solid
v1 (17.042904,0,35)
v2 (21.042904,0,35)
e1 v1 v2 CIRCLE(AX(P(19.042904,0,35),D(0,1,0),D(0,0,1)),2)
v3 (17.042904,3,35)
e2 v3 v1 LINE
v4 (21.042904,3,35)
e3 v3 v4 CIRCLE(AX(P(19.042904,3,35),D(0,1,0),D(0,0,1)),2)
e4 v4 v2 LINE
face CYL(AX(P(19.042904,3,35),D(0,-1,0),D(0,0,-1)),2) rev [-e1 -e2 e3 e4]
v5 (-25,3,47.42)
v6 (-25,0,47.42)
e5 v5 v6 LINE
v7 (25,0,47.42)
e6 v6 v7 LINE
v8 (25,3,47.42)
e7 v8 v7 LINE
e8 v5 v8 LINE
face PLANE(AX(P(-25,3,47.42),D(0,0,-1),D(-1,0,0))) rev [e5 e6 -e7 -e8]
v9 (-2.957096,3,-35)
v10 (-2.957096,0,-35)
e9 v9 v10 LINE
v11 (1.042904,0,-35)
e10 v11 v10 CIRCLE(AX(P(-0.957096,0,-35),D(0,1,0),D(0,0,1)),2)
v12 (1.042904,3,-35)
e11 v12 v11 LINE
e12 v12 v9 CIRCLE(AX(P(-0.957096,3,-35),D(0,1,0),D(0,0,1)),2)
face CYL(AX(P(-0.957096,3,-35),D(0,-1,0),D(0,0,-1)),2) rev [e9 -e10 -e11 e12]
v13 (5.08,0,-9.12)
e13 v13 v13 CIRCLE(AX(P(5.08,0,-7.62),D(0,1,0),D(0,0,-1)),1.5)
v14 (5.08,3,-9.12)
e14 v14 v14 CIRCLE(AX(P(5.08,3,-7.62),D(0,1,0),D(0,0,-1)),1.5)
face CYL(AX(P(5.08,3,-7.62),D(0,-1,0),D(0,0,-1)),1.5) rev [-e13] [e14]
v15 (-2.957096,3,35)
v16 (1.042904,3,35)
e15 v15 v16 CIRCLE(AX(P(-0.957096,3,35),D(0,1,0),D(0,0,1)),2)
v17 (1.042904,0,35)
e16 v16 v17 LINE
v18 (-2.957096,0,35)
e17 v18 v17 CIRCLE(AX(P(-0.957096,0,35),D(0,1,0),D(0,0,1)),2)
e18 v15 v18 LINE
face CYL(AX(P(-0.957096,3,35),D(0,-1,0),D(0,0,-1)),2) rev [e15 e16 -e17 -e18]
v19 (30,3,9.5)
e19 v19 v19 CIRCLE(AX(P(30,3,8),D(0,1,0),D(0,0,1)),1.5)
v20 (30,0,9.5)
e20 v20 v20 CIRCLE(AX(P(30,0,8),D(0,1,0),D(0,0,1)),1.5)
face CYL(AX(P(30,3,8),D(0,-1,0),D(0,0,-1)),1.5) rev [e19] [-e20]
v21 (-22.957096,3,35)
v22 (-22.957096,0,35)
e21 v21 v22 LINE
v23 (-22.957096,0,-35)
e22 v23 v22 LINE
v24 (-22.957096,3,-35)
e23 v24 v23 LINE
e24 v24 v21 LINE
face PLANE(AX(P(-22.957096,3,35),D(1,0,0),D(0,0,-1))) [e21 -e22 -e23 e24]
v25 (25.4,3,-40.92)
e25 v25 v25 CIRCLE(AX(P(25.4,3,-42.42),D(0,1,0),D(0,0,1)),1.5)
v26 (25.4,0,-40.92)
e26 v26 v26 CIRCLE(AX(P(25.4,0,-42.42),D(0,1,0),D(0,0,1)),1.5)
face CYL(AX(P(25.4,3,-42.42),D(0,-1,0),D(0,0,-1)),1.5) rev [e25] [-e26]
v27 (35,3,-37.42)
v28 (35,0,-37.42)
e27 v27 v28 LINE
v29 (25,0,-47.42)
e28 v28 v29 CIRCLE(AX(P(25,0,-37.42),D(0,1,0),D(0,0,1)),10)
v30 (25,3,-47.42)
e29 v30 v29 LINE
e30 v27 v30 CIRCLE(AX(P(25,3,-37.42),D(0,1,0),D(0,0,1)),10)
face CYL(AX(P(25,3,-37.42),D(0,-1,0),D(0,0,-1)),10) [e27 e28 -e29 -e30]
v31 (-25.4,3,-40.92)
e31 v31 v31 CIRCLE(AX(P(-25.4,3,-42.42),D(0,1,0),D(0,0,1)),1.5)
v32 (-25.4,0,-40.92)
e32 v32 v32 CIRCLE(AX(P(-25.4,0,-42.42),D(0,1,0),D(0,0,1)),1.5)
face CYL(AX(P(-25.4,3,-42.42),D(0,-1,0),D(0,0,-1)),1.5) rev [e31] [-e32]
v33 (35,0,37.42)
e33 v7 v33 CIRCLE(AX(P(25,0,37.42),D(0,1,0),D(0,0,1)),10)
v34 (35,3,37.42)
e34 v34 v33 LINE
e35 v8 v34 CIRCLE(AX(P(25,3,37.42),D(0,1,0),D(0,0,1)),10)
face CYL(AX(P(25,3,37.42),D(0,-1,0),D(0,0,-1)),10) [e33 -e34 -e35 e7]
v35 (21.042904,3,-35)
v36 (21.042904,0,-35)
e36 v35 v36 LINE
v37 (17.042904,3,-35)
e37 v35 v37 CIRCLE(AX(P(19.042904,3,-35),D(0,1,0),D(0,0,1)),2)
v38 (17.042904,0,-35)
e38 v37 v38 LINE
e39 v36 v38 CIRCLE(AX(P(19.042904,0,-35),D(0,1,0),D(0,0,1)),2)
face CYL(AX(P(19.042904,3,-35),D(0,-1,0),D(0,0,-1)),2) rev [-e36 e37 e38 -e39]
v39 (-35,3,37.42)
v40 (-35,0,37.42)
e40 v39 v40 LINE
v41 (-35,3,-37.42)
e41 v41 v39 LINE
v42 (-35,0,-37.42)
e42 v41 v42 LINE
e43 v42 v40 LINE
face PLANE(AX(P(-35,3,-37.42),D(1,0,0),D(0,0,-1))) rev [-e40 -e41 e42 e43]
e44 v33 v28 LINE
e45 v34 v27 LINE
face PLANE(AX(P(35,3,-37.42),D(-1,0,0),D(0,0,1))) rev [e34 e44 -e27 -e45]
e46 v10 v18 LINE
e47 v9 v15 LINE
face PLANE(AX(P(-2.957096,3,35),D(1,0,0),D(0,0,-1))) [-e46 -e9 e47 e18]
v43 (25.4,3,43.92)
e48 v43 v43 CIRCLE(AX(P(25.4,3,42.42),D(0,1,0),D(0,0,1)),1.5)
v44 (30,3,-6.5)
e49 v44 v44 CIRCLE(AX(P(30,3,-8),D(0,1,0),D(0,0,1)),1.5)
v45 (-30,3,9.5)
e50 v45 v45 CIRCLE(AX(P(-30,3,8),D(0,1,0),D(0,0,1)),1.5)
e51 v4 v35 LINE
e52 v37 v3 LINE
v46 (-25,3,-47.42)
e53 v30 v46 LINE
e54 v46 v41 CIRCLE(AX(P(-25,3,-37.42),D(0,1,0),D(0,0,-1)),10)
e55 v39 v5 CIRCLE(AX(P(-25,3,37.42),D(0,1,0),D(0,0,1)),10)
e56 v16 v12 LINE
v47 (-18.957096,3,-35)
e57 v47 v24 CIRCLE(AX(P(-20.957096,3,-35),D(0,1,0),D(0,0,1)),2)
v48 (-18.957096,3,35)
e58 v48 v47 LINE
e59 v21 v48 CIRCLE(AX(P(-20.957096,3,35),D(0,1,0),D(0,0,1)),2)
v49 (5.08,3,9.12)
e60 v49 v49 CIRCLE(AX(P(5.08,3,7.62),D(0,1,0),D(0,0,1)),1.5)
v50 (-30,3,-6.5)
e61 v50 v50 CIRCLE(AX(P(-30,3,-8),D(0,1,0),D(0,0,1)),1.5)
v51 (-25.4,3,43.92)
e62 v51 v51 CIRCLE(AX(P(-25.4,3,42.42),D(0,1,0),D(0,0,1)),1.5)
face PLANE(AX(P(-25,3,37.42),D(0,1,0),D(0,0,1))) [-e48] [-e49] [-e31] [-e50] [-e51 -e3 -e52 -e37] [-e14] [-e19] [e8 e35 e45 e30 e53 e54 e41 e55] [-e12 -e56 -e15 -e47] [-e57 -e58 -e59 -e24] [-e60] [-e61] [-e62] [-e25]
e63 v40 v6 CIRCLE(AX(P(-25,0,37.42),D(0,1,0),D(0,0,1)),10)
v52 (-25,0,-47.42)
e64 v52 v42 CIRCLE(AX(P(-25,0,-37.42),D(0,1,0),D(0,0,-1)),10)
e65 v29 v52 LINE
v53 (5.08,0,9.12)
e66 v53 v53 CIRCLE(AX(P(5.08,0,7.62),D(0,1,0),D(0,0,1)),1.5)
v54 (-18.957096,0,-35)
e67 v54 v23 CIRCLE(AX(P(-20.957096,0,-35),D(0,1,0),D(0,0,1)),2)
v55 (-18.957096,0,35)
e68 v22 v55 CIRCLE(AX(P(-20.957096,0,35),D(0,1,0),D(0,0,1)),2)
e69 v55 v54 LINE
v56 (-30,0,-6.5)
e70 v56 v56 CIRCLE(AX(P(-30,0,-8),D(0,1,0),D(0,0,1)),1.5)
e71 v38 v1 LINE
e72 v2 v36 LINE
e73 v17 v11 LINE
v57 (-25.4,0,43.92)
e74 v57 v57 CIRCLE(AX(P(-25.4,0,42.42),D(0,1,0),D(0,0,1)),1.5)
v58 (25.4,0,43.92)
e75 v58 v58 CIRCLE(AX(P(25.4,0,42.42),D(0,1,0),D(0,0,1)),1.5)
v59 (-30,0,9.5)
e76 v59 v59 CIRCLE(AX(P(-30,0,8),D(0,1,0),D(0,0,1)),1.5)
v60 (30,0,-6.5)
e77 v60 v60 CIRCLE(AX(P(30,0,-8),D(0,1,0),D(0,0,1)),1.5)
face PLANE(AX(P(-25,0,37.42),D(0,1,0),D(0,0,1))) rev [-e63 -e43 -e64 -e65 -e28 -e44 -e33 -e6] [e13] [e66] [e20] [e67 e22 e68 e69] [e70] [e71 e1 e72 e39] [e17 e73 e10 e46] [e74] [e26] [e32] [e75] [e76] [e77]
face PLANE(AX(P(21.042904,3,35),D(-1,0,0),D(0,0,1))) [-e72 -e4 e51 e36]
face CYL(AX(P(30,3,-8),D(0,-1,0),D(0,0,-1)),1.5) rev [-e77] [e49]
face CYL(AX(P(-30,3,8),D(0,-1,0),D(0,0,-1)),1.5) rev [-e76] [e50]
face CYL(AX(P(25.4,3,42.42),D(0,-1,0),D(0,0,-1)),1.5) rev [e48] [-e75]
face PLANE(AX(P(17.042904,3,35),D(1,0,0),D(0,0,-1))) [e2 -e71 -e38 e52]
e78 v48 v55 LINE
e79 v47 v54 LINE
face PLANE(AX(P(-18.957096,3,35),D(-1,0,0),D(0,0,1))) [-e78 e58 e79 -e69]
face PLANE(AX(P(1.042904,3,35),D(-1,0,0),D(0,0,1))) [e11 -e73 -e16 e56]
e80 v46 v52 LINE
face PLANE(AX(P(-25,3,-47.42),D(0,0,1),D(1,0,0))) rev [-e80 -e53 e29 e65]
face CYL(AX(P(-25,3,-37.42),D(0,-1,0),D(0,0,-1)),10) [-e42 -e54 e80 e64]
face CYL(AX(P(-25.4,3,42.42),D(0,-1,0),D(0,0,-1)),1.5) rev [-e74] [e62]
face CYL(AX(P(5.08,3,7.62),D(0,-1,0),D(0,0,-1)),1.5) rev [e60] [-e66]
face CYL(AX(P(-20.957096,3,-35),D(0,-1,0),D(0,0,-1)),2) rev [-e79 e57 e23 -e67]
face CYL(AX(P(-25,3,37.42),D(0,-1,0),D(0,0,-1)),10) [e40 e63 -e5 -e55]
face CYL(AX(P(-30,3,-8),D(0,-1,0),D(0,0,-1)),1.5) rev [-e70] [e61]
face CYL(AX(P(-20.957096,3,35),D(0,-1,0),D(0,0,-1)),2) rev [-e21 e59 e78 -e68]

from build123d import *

# Parameters (mm, degrees)
SKETCH_1_R      = 1.5
EXTRUDE_1_DEPTH = 3


with BuildPart() as part:
    # 草图1 → 凸台-拉伸1 (new body)
    with BuildSketch(Plane(origin=(0, 0, 0), x_dir=(1, 0, 0), z_dir=(0, 1, 0))):
        with BuildLine():
            Line((-25, 47.42), (25, 47.42))
            ThreePointArc((25, 47.42), (32.071067812, 44.491067812), (35, 37.42))
            Line((35, 37.42), (35, -37.42))
            ThreePointArc((35, -37.42), (32.071067812, -44.491067812), (25, -47.42))
            Line((25, -47.42), (-25, -47.42))
            ThreePointArc((-25, -47.42), (-32.071067812, -44.491067812), (-35, -37.42))
            Line((-35, -37.42), (-35, 37.42))
            ThreePointArc((-35, 37.42), (-32.071067812, 44.491067812), (-25, 47.42))
        make_face()
        with Locations((-30, 8)):
            Circle(SKETCH_1_R, mode=Mode.SUBTRACT)
        with Locations((30, 8)):
            Circle(SKETCH_1_R, mode=Mode.SUBTRACT)
        with Locations((-30, -8)):
            Circle(SKETCH_1_R, mode=Mode.SUBTRACT)
        with Locations((30, -8)):
            Circle(SKETCH_1_R, mode=Mode.SUBTRACT)
        with Locations((-25.4, 42.42)):
            Circle(SKETCH_1_R, mode=Mode.SUBTRACT)
        with Locations((25.4, 42.42)):
            Circle(SKETCH_1_R, mode=Mode.SUBTRACT)
        with Locations((-25.4, -42.42)):
            Circle(SKETCH_1_R, mode=Mode.SUBTRACT)
        with Locations((25.4, -42.42)):
            Circle(SKETCH_1_R, mode=Mode.SUBTRACT)
        with Locations((5.08, -7.62)):
            Circle(SKETCH_1_R, mode=Mode.SUBTRACT)
        with Locations((5.08, 7.62)):
            Circle(SKETCH_1_R, mode=Mode.SUBTRACT)
        with BuildLine():
            Line((-22.95709571, -35), (-22.95709571, 35))
            ThreePointArc((-22.95709571, 35), (-20.95709571, 37), (-18.95709571, 35))
            Line((-18.95709571, 35), (-18.95709571, -35))
            ThreePointArc((-18.95709571, -35), (-20.95709571, -37), (-22.95709571, -35))
        make_face(mode=Mode.SUBTRACT)
        with BuildLine():
            Line((-2.95709571, -35), (-2.95709571, 35))
            ThreePointArc((-2.95709571, 35), (-0.95709571, 37), (1.04290429, 35))
            Line((1.04290429, 35), (1.04290429, -35))
            ThreePointArc((1.04290429, -35), (-0.95709571, -37), (-2.95709571, -35))
        make_face(mode=Mode.SUBTRACT)
        with BuildLine():
            Line((17.04290429, -35), (17.04290429, 35))
            ThreePointArc((17.04290429, 35), (19.04290429, 37), (21.04290429, 35))
            Line((21.04290429, 35), (21.04290429, -35))
            ThreePointArc((21.04290429, -35), (19.04290429, -37), (17.04290429, -35))
        make_face(mode=Mode.SUBTRACT)
    extrude(amount=EXTRUDE_1_DEPTH)


solid = part.part
